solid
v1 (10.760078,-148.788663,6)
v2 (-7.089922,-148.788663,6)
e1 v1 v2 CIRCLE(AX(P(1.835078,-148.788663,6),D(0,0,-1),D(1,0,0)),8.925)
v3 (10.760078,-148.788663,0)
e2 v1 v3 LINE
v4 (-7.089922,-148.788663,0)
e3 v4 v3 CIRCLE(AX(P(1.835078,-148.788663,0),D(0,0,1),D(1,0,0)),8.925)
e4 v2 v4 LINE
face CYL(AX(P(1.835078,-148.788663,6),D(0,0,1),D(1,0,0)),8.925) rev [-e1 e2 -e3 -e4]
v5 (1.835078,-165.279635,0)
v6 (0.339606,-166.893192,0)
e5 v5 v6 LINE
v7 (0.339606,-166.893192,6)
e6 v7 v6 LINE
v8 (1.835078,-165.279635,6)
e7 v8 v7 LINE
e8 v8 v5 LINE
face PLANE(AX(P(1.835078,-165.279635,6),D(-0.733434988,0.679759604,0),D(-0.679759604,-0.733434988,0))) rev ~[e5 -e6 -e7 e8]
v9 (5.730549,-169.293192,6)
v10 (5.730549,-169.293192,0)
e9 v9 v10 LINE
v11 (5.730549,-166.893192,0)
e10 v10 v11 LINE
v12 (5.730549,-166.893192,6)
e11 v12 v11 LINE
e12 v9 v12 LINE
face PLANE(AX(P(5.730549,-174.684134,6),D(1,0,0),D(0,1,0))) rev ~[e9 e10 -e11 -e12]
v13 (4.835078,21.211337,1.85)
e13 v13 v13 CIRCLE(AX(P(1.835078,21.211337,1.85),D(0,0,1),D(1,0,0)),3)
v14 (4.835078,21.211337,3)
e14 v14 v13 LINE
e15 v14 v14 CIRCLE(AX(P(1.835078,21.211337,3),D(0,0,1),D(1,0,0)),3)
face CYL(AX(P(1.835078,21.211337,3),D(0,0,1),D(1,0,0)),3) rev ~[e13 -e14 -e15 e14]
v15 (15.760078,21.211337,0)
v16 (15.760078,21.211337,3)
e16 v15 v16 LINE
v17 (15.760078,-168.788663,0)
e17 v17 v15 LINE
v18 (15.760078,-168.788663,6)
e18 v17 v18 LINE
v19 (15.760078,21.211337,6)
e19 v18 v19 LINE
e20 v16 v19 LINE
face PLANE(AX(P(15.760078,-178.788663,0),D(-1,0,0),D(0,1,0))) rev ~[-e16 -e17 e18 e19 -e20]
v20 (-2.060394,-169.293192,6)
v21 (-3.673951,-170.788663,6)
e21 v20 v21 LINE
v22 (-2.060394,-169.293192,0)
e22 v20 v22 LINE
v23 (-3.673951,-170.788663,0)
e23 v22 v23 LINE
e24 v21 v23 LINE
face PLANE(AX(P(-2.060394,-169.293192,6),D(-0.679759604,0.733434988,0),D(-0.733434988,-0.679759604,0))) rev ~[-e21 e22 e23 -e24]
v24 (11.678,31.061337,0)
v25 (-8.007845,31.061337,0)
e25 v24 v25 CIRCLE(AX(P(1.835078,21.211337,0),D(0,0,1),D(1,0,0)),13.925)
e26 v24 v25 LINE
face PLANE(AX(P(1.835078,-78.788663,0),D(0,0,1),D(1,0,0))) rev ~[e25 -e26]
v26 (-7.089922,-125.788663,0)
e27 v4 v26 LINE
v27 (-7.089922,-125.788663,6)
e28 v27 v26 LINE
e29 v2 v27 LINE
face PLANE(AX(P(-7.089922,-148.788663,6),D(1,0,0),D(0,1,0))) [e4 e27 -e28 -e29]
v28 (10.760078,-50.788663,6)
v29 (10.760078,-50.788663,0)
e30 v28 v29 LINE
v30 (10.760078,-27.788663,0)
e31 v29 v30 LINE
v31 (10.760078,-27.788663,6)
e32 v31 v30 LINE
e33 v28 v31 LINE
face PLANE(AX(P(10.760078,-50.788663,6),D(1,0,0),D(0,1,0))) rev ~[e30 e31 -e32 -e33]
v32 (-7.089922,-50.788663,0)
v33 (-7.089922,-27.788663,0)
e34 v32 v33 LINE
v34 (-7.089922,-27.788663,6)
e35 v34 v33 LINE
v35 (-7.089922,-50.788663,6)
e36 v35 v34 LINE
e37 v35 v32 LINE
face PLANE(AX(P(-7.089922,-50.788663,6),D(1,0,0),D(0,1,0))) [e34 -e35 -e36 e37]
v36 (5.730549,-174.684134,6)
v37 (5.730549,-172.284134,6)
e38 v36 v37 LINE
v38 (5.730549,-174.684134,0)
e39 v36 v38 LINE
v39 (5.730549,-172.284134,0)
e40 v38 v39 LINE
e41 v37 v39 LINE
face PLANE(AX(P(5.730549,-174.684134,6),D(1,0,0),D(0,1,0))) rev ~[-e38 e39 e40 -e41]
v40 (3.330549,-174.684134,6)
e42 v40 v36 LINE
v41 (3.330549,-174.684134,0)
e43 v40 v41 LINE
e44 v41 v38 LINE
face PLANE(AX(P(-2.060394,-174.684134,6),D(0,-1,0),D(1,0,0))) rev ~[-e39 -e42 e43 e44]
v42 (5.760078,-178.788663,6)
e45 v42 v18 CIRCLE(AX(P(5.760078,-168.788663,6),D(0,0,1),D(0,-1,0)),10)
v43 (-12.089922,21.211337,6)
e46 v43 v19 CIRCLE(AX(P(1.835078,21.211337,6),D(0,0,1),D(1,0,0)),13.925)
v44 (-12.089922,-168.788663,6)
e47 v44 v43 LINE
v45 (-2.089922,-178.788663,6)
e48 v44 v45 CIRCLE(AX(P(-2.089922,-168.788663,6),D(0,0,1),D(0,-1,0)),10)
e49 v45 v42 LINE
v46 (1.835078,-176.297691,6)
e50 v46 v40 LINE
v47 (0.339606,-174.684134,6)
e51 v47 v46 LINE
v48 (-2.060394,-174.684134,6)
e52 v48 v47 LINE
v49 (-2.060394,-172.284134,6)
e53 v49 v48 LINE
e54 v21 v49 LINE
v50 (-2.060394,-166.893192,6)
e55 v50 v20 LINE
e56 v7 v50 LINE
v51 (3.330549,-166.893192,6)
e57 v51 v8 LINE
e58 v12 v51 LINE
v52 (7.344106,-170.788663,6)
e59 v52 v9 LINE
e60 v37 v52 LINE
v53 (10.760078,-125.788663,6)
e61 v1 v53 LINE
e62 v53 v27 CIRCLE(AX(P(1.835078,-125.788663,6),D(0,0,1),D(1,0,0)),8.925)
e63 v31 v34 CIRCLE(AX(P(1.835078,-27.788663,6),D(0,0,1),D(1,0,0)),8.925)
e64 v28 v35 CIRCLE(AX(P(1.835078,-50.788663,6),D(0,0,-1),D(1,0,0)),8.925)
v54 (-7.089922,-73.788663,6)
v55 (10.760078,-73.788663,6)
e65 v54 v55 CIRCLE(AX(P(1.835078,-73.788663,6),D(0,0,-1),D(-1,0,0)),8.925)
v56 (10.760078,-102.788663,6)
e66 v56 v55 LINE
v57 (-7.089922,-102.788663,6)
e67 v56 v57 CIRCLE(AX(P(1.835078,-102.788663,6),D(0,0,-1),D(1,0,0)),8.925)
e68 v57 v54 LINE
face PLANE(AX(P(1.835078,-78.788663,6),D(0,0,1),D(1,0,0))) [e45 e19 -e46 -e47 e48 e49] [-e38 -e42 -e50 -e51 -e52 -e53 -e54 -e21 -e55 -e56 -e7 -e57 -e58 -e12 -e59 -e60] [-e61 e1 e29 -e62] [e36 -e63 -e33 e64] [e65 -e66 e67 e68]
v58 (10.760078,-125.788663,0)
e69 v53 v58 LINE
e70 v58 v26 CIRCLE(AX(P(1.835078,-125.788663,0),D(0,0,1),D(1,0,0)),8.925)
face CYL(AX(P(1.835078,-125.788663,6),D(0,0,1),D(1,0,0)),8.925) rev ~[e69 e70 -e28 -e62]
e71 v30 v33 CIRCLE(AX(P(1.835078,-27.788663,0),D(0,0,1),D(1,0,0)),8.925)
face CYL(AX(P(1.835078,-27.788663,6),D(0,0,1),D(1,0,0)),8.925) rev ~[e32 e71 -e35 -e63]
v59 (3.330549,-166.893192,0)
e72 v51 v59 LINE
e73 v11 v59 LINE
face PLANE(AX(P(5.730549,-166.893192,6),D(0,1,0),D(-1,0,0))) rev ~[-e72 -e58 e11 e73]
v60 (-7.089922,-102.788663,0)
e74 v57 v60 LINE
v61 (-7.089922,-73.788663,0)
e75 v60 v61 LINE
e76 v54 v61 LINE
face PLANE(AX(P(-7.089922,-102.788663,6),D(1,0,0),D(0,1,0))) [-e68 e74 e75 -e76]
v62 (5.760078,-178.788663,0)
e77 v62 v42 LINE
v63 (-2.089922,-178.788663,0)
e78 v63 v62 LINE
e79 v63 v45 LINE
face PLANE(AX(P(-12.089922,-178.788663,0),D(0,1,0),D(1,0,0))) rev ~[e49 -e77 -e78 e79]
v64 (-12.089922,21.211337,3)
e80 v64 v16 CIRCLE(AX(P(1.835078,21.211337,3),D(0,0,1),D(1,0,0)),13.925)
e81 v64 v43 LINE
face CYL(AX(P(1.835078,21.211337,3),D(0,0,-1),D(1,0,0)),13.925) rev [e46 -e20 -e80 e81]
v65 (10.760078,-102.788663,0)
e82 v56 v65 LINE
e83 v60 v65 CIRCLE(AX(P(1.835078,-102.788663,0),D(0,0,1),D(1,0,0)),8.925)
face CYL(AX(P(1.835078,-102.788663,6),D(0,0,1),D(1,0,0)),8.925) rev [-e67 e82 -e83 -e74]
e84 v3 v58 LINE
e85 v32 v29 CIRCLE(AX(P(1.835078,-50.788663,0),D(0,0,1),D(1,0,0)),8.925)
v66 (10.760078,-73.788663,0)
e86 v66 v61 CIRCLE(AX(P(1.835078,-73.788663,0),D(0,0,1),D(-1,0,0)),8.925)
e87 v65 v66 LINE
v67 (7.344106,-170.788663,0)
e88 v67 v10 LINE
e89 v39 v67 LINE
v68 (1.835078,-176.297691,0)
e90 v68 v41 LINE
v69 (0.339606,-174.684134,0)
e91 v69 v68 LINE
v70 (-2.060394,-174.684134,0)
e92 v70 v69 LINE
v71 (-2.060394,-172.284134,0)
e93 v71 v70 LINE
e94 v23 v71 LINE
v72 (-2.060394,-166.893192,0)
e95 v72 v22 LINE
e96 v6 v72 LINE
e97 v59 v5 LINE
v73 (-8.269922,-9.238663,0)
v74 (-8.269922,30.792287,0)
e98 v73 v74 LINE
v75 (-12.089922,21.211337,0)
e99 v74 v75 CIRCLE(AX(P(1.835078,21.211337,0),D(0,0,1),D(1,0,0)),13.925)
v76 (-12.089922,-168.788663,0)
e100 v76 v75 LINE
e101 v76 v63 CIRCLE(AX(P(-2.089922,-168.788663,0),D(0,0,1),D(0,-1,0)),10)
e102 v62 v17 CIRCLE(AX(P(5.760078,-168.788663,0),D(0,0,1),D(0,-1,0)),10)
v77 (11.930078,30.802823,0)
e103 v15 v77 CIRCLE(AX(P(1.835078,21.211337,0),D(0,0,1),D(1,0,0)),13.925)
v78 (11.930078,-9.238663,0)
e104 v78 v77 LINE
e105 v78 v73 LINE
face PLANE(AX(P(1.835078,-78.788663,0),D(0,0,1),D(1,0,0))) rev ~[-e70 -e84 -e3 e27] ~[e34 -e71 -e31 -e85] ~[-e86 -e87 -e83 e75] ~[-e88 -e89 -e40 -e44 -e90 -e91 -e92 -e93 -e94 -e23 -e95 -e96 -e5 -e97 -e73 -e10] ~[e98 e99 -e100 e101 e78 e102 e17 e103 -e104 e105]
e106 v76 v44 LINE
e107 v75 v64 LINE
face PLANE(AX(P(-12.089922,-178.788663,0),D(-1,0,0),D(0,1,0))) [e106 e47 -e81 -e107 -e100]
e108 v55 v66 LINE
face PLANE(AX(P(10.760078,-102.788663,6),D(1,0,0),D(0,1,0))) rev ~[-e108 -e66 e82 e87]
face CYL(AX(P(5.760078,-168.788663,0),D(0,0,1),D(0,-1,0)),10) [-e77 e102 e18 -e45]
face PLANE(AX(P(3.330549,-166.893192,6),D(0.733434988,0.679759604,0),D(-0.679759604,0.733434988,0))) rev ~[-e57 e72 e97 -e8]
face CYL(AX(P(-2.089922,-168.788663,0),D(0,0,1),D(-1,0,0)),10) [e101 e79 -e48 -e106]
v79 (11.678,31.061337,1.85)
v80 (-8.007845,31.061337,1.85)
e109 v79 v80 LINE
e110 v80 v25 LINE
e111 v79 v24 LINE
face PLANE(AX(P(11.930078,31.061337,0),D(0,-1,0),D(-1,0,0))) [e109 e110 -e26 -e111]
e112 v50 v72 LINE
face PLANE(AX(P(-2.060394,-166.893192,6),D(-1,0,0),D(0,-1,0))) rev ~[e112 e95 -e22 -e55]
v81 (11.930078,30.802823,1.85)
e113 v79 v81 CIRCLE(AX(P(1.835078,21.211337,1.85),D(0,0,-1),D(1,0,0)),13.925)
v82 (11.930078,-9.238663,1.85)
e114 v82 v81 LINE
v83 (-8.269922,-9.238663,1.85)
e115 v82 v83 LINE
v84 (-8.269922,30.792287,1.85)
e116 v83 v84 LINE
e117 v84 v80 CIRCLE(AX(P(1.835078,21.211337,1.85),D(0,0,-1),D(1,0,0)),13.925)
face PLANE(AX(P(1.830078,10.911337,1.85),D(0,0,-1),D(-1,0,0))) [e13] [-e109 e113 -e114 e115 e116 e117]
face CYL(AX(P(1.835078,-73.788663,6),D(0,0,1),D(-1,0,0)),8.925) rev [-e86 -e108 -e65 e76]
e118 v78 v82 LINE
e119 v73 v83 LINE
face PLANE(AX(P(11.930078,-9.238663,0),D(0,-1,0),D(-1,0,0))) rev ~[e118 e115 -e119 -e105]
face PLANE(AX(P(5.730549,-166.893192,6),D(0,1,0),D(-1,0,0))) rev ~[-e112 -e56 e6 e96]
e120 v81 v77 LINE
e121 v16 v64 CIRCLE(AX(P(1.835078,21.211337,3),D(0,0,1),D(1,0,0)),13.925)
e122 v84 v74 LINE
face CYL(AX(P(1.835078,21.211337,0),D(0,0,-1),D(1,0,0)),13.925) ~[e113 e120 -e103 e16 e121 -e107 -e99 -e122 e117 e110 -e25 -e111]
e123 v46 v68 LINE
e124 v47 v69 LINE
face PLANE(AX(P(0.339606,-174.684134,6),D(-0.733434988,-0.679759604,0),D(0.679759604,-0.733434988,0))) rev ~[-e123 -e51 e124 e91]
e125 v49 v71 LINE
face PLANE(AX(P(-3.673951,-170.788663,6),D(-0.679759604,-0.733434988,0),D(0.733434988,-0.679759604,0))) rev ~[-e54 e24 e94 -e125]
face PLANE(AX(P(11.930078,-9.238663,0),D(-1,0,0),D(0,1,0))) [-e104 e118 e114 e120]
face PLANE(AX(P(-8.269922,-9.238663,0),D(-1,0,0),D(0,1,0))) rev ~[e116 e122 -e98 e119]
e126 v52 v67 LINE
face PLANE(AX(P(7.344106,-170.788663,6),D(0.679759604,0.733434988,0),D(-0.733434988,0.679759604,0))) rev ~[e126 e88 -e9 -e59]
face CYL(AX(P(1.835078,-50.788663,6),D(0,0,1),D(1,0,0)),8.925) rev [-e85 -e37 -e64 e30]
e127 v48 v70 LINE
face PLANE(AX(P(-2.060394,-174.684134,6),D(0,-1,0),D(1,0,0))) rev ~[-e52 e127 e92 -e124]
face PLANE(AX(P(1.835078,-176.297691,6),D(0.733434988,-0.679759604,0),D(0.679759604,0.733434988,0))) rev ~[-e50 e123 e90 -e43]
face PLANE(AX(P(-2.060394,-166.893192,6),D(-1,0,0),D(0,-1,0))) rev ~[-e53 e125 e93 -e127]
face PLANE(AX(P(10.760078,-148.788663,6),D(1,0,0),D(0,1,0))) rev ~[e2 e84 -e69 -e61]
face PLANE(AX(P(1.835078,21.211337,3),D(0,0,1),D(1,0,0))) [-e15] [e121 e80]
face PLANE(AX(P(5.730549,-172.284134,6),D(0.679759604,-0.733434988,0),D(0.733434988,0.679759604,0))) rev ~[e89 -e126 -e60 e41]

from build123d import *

# Parameters (mm, degrees)
ESQUISSE1_W             = 27.85
ESQUISSE1_H             = 200
BOSS_EXTRU_2_DEPTH      = 6
ENL_V_MAT_EXTRU_1_DEPTH = 6
ENL_V_START             = -3
ESQUISSE4_R             = 13.925
ENL_V_MAT_EXTRU_2_DEPTH = 3
ESQUISSE5_R             = 3
ENL_V_MAT_EXTRU_3_DEPTH = 3
ESQUISSE6_W             = 17.85
ESQUISSE6_H             = 23
ESQUISSE6_H_2           = 29
ENL_V_MAT_EXTRU_4_DEPTH = 10
CONG_1_R                = 10
CONG_2_R                = 10
ESQUISSE9_W             = 20.2
ESQUISSE9_H             = 40.3
ENL_V_MAT_EXTRU_7_DEPTH = 1.85
ENL_V_MAT_EXTRU_8_DEPTH = 10


with BuildPart() as part:
    # Esquisse1 → Boss.-Extru.2 (new body)
    with BuildSketch(Plane.XY):
        with Locations((1.835077519, -78.788662791)):
            Rectangle(ESQUISSE1_W, ESQUISSE1_H)
        with BuildLine():
            Line((-12.089922481, 21.211337209), (15.760077519, 21.211337209))
            ThreePointArc((15.760077519, 21.211337209), (1.835077519, 35.136337209), (-12.089922481, 21.211337209))
        make_face()
    extrude(amount=BOSS_EXTRU_2_DEPTH)

    # Esquisse3 → Enlèv. mat.-Extru.1 (cut)
    with BuildSketch(Plane.XY.offset(6)):
        with BuildLine():
            Line((4.433153731, -172.288662791), (4.433153731, -169.288662791))
            ThreePointArc((4.433153731, -169.288662791), (-1.164922481, -170.788662791), (4.433153731, -172.288662791))
        make_face()
    extrude(amount=-ENL_V_MAT_EXTRU_1_DEPTH, mode=Mode.SUBTRACT)

    # Esquisse4 → Enlèv. mat.-Extru.2 (cut)
    with BuildSketch(Plane.XY.offset(6).offset(ENL_V_START)):
        with Locations((1.835077519, 21.211337209)):
            Circle(ESQUISSE4_R)
    extrude(amount=ENL_V_MAT_EXTRU_2_DEPTH, mode=Mode.SUBTRACT)

    # Esquisse5 → Enlèv. mat.-Extru.3 (cut)
    with BuildSketch(Plane.XY.offset(3)):
        with Locations((1.835077519, 21.211337209)):
            Circle(ESQUISSE5_R)
    extrude(amount=-ENL_V_MAT_EXTRU_3_DEPTH, mode=Mode.SUBTRACT)

    # Esquisse6 → Enlèv. mat.-Extru.4 (cut)
    with BuildSketch(Plane.XY.offset(6)):
        with BuildLine():
            Line((-7.089922481, -27.788662791), (10.760077519, -27.788662791))
            ThreePointArc((10.760077519, -27.788662791), (1.835077519, -18.863662791), (-7.089922481, -27.788662791))
        make_face()
        with Locations((1.835077519, -39.288662791)):
            Rectangle(ESQUISSE6_W, ESQUISSE6_H)
        with BuildLine():
            Line((-7.089922481, -50.788662791), (10.760077519, -50.788662791))
            ThreePointArc((10.760077519, -50.788662791), (1.835077519, -59.713662791), (-7.089922481, -50.788662791))
        make_face()
        with BuildLine():
            ThreePointArc((-7.089922481, -73.788662791), (1.835077519, -64.863662791), (10.760077519, -73.788662791))
            Line((10.760077519, -73.788662791), (-7.089922481, -73.788662791))
        make_face()
        with Locations((1.835077519, -88.288662791)):
            Rectangle(ESQUISSE6_W, ESQUISSE6_H_2)
        with BuildLine():
            Line((-7.089922481, -102.788662791), (10.760077519, -102.788662791))
            ThreePointArc((10.760077519, -102.788662791), (1.835077519, -111.713662791), (-7.089922481, -102.788662791))
        make_face()
        with BuildLine():
            Line((-7.089922481, -125.788662791), (10.760077519, -125.788662791))
            ThreePointArc((10.760077519, -125.788662791), (1.835077519, -116.863662791), (-7.089922481, -125.788662791))
        make_face()
        with Locations((1.835077519, -137.288662791)):
            Rectangle(ESQUISSE6_W, ESQUISSE6_H)
        with BuildLine():
            Line((-7.089922481, -148.788662791), (10.760077519, -148.788662791))
            ThreePointArc((10.760077519, -148.788662791), (1.835077519, -157.713662791), (-7.089922481, -148.788662791))
        make_face()
    extrude(amount=-ENL_V_MAT_EXTRU_4_DEPTH, mode=Mode.SUBTRACT)

    # Congé1
    cong_1_edges = [part.edges().sort_by_distance(p)[0] for p in [
        (-12.089922481, -178.788662791, 3),
    ]]
    fillet(cong_1_edges, radius=CONG_1_R)

    # Congé2
    cong_2_edges = [part.edges().sort_by_distance(p)[0] for p in [
        (15.760077519, -178.788662791, 3),
    ]]
    fillet(cong_2_edges, radius=CONG_2_R)

    # Esquisse9 → Enlèv. mat.-Extru.7 (cut)
    with BuildSketch(Plane(origin=(0, 0, 0), x_dir=(-1, 0, 0), z_dir=(0, 0, -1))):
        with Locations((-1.830077519, 10.911337209)):
            Rectangle(ESQUISSE9_W, ESQUISSE9_H)
    extrude(amount=-ENL_V_MAT_EXTRU_7_DEPTH, mode=Mode.SUBTRACT)

    # Esquisse11 → Enlèv. mat.-Extru.8 (cut)
    # profile 1 of 7: a face of its own
    with BuildSketch(Plane.XY.offset(6)):
        Polygon((-2.060393609, -172.284133919), (-2.060393609, -169.293191663), (-3.673950582, -170.788662791), align=None)
    # profile 2 of 7: a face of its own
    with BuildSketch(Plane.XY.offset(6)):
        Polygon((0.339606391, -166.893191663), (-2.060393609, -166.893191663), (-2.060393609, -169.293191663), (-2.060393609, -172.284133919), (-2.060393609, -174.684133919), (0.339606391, -174.684133919), (3.330548647, -174.684133919), (5.730548647, -174.684133919), (5.730548647, -172.284133919), (5.730548647, -169.293191663), (5.730548647, -166.893191663), (3.330548647, -166.893191663), align=None)
        with BuildLine():
            ThreePointArc((4.433153731, -172.288662791), (-1.164922481, -170.788662791), (4.433153731, -169.288662791))
            ThreePointArc((4.433153731, -169.288662791), (4.732854998, -170.012205655), (4.835077519, -170.788662791))
            ThreePointArc((4.835077519, -170.788662791), (4.732854998, -171.565119926), (4.433153731, -172.288662791))
        make_face(mode=Mode.SUBTRACT)
    # profile 3 of 7: a face of its own
    with BuildSketch(Plane.XY.offset(6)):
        Polygon((1.835077519, -165.27963469), (0.339606391, -166.893191663), (3.330548647, -166.893191663), align=None)
    # profile 4 of 7: a face of its own
    with BuildSketch(Plane.XY.offset(6)):
        Polygon((7.34410562, -170.788662791), (5.730548647, -169.293191663), (5.730548647, -172.284133919), align=None)
    # profile 5 of 7: a face of its own
    with BuildSketch(Plane.XY.offset(6)):
        Polygon((3.330548647, -174.684133919), (0.339606391, -174.684133919), (1.835077519, -176.297690892), align=None)
    # profile 6 of 7: a face of its own
    with BuildSketch(Plane.XY.offset(6)):
        with BuildLine():
            ThreePointArc((4.835077519, -170.788662791), (4.732854998, -170.012205655), (4.433153731, -169.288662791))
            Line((4.433153731, -169.288662791), (4.433153731, -172.288662791))
            ThreePointArc((4.433153731, -172.288662791), (4.732854998, -171.565119926), (4.835077519, -170.788662791))
        make_face()
    # profile 7 of 7: a face of its own
    with BuildSketch(Plane.XY.offset(6)):
        with BuildLine():
            Line((4.433153731, -172.288662791), (4.433153731, -169.288662791))
            ThreePointArc((4.433153731, -169.288662791), (-1.164922481, -170.788662791), (4.433153731, -172.288662791))
        make_face()
    extrude(amount=-ENL_V_MAT_EXTRU_8_DEPTH, mode=Mode.SUBTRACT)


solid = part.part
